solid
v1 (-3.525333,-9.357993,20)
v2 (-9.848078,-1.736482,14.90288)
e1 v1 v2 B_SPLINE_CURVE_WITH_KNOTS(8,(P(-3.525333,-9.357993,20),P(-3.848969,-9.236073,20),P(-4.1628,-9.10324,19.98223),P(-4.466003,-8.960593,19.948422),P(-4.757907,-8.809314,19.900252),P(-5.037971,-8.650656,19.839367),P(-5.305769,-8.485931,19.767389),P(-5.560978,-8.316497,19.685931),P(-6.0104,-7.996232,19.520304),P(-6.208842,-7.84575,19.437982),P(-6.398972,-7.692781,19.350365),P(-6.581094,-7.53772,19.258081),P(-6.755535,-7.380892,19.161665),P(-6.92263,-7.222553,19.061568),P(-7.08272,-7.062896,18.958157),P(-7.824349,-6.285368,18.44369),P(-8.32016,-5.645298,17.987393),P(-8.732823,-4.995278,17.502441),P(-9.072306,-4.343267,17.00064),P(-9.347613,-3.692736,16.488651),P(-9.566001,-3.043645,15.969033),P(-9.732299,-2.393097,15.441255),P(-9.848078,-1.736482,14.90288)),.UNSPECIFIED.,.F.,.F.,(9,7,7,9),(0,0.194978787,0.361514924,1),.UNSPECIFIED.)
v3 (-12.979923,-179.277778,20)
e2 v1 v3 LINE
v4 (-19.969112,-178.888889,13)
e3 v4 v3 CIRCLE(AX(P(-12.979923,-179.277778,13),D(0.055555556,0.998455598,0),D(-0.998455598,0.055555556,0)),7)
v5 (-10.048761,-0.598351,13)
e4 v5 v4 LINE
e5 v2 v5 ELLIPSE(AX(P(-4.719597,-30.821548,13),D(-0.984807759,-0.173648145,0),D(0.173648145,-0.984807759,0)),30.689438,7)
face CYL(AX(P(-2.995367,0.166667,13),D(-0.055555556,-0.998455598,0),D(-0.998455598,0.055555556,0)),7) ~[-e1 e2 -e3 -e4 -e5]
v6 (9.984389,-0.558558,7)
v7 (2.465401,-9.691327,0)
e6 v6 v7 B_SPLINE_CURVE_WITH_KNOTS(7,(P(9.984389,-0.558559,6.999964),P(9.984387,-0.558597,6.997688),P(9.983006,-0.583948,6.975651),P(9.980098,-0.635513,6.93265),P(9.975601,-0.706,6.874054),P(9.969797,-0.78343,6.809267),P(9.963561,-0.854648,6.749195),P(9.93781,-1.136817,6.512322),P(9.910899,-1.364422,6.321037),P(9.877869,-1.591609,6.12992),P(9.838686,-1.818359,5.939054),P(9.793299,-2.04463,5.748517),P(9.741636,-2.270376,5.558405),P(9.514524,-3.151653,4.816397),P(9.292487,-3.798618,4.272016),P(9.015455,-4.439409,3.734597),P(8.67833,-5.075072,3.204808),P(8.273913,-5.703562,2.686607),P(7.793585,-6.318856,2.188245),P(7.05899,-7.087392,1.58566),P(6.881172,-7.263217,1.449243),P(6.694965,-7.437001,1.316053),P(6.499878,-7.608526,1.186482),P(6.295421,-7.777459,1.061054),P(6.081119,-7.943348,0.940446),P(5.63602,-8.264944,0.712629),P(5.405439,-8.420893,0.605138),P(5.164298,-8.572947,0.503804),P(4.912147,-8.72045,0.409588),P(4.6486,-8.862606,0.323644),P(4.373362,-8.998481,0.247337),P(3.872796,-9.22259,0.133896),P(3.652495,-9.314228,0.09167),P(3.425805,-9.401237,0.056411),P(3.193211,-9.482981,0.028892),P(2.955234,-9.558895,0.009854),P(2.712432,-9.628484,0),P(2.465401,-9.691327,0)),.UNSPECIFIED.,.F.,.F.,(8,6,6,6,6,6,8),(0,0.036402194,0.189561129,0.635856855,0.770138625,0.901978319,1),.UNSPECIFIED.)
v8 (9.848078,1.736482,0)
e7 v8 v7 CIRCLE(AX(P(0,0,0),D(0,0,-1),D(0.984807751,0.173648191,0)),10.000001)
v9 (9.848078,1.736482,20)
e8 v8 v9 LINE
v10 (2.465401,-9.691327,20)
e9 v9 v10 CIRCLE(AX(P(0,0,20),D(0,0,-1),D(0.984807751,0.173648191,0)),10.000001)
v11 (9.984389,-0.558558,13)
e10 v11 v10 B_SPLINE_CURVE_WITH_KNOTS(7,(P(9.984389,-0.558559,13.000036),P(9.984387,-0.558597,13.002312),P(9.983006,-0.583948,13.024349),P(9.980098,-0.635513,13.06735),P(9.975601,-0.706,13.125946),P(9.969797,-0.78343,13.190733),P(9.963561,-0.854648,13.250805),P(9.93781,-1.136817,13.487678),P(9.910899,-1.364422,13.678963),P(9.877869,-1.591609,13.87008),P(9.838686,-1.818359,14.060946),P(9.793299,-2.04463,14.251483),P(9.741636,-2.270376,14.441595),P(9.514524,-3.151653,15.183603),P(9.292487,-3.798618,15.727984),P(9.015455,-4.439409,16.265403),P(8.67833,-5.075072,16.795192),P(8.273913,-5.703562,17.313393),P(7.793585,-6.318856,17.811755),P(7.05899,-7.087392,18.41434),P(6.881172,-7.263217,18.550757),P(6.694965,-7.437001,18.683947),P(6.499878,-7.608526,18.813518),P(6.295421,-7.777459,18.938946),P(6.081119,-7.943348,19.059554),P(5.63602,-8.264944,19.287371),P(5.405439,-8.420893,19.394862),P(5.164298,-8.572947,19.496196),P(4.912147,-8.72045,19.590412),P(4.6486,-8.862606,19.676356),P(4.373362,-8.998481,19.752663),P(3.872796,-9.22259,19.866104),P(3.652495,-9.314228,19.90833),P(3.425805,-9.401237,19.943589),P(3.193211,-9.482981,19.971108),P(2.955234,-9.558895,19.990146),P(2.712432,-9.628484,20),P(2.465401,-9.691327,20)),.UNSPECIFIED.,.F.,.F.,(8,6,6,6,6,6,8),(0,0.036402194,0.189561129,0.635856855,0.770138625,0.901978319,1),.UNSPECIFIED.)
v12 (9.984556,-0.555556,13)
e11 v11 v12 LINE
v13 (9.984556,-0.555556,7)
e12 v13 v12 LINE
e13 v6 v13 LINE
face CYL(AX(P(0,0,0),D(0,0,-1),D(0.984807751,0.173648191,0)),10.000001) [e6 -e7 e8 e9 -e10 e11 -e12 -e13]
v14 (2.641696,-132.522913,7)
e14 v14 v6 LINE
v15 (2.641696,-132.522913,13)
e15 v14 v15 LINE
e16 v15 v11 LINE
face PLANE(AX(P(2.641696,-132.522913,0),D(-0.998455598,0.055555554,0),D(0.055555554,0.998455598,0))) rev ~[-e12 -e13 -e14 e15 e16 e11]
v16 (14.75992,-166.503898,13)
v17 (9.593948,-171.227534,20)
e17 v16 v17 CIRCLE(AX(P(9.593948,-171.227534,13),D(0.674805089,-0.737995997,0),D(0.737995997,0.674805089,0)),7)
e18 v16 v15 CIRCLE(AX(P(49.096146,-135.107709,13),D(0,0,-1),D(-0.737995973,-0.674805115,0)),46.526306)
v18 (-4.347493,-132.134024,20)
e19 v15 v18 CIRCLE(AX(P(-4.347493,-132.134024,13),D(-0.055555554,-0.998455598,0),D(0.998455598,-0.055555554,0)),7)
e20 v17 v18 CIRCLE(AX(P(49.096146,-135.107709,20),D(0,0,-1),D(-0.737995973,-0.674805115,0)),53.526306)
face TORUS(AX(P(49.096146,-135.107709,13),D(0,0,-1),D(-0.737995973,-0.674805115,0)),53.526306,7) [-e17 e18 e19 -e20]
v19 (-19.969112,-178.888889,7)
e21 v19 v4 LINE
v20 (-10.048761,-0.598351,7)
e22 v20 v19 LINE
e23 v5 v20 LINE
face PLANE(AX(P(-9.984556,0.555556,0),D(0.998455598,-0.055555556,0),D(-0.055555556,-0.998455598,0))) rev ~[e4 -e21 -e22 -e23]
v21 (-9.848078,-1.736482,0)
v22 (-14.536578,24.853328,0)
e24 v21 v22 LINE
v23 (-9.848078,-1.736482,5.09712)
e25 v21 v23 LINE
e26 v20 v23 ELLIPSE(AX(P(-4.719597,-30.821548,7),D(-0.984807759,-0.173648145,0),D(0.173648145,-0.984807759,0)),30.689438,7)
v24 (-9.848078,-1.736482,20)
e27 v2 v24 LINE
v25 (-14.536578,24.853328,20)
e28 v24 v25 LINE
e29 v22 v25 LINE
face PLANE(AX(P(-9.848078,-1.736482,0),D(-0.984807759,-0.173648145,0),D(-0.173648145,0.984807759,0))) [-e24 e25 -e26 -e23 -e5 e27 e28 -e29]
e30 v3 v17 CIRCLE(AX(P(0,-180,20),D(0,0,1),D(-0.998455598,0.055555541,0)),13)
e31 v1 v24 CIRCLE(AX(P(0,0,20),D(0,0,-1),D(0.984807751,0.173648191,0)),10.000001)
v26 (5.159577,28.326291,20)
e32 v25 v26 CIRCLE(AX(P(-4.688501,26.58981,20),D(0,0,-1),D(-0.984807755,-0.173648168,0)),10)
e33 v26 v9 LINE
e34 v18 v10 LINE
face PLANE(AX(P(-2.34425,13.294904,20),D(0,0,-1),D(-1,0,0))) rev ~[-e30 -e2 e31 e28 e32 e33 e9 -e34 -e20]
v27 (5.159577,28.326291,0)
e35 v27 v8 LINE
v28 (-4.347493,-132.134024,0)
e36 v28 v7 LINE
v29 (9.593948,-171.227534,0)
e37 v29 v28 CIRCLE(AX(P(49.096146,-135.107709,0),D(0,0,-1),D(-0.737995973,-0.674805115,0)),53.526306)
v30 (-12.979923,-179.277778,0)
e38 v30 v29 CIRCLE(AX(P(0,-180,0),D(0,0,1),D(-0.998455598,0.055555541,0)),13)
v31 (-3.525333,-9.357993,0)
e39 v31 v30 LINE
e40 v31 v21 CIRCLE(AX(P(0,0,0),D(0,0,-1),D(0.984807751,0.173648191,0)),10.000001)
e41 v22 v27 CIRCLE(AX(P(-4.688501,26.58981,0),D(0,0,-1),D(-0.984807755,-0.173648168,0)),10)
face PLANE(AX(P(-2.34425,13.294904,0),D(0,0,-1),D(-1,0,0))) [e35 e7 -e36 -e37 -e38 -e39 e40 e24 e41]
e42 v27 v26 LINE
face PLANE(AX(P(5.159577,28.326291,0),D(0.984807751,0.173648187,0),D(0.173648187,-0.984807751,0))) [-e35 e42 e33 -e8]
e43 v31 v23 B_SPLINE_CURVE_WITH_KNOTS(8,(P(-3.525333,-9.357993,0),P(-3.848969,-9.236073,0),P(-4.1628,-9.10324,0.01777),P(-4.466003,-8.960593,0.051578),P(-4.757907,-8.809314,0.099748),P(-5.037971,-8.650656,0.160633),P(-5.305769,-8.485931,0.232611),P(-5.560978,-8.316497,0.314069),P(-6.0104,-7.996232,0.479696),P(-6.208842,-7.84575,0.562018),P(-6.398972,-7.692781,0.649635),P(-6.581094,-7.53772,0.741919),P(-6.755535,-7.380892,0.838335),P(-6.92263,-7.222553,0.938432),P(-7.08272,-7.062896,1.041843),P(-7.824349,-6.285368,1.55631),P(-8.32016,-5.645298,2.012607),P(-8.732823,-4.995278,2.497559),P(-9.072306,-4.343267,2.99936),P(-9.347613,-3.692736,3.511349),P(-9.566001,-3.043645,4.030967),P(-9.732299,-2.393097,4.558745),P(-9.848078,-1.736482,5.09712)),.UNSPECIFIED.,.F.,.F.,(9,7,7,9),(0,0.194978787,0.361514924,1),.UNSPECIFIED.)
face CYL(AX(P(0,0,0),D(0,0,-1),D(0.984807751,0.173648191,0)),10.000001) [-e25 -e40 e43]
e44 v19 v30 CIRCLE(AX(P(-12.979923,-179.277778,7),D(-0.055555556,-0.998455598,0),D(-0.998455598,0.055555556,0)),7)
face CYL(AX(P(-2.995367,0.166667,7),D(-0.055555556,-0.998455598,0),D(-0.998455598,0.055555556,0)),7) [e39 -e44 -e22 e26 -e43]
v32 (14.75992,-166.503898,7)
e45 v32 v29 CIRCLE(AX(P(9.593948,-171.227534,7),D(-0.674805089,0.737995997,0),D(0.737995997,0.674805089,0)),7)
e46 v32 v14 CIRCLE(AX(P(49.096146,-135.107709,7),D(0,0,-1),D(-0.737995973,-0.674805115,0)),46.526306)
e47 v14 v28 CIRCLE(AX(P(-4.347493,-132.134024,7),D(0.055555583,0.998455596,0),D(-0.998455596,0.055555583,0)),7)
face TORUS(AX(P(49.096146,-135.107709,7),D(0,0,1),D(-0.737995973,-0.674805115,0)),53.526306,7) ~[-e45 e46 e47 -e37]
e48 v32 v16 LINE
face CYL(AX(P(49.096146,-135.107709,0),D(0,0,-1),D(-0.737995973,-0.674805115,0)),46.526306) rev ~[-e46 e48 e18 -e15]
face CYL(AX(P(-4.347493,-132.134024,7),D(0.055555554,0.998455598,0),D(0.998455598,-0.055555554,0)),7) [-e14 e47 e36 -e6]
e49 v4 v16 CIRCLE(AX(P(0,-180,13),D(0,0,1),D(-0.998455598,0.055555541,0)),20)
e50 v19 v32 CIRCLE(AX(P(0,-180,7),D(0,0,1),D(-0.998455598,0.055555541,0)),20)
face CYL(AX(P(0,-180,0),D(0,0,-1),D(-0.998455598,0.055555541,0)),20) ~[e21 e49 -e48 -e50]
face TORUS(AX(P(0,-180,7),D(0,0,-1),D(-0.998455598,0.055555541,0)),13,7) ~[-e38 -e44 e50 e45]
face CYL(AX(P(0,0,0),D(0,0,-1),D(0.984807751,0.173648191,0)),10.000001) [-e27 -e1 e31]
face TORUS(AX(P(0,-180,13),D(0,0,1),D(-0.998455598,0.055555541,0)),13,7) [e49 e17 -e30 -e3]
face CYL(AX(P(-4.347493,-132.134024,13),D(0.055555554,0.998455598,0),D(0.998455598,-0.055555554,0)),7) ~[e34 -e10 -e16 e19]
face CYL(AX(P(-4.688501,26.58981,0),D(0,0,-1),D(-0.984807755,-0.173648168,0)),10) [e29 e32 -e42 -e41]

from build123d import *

# Parameters (mm, degrees)
EXTRUDE_1_DEPTH = 20
FILLET_1_R      = 7
EXTRUDE_2_DEPTH = 20


with BuildPart() as part:
    # 草图1 → 凸台-拉伸1 (new body)
    with BuildSketch(Plane.XY):
        with BuildLine():
            Line((-9.984556, 0.555556), (-19.969112, -178.888889))
            ThreePointArc((-19.969112, -178.888889), (6.717955, -198.837969), (14.75992, -166.503898))
            ThreePointArc((14.75992, -166.503898), (5.273091, -150.735791), (2.641696, -132.522913))
            Line((2.641696, -132.522913), (9.984556, -0.555556))
            ThreePointArc((9.984556, -0.555556), (0.555556, 9.984556), (-9.984556, 0.555556))
        make_face()
    extrude(amount=EXTRUDE_1_DEPTH)

    # 圆角1
    fillet_1_edges = [part.edges().sort_by_distance(p)[0] for p in [
        (6.313126, -66.539235, 20),
        (0.555556, 9.984556, 20),
        (-14.976834, -89.166667, 20),
        (6.717955, -198.837969, 20),
        (-14.976834, -89.166667, 0),
        (0.555556, 9.984556, 0),
        (6.313126, -66.539235, 0),
        (5.273091, -150.735791, 0),
        (6.717955, -198.837969, 0),
        (5.273091, -150.735791, 20),
    ]]
    fillet(fillet_1_edges, radius=FILLET_1_R)

    # 草图2 → 凸台-拉伸2 (add)
    with BuildSketch(Plane.XY):
        with BuildLine():
            Line((5.159577, 28.326291), (9.848078, 1.736482))
            ThreePointArc((9.848078, 1.736482), (1.736482, -9.848078), (-9.848078, -1.736482))
            Line((-9.848078, -1.736482), (-14.536578, 24.853328))
            ThreePointArc((-14.536578, 24.853328), (-6.424983, 36.437887), (5.159577, 28.326291))
        make_face()
    extrude(amount=EXTRUDE_2_DEPTH)


solid = part.part
